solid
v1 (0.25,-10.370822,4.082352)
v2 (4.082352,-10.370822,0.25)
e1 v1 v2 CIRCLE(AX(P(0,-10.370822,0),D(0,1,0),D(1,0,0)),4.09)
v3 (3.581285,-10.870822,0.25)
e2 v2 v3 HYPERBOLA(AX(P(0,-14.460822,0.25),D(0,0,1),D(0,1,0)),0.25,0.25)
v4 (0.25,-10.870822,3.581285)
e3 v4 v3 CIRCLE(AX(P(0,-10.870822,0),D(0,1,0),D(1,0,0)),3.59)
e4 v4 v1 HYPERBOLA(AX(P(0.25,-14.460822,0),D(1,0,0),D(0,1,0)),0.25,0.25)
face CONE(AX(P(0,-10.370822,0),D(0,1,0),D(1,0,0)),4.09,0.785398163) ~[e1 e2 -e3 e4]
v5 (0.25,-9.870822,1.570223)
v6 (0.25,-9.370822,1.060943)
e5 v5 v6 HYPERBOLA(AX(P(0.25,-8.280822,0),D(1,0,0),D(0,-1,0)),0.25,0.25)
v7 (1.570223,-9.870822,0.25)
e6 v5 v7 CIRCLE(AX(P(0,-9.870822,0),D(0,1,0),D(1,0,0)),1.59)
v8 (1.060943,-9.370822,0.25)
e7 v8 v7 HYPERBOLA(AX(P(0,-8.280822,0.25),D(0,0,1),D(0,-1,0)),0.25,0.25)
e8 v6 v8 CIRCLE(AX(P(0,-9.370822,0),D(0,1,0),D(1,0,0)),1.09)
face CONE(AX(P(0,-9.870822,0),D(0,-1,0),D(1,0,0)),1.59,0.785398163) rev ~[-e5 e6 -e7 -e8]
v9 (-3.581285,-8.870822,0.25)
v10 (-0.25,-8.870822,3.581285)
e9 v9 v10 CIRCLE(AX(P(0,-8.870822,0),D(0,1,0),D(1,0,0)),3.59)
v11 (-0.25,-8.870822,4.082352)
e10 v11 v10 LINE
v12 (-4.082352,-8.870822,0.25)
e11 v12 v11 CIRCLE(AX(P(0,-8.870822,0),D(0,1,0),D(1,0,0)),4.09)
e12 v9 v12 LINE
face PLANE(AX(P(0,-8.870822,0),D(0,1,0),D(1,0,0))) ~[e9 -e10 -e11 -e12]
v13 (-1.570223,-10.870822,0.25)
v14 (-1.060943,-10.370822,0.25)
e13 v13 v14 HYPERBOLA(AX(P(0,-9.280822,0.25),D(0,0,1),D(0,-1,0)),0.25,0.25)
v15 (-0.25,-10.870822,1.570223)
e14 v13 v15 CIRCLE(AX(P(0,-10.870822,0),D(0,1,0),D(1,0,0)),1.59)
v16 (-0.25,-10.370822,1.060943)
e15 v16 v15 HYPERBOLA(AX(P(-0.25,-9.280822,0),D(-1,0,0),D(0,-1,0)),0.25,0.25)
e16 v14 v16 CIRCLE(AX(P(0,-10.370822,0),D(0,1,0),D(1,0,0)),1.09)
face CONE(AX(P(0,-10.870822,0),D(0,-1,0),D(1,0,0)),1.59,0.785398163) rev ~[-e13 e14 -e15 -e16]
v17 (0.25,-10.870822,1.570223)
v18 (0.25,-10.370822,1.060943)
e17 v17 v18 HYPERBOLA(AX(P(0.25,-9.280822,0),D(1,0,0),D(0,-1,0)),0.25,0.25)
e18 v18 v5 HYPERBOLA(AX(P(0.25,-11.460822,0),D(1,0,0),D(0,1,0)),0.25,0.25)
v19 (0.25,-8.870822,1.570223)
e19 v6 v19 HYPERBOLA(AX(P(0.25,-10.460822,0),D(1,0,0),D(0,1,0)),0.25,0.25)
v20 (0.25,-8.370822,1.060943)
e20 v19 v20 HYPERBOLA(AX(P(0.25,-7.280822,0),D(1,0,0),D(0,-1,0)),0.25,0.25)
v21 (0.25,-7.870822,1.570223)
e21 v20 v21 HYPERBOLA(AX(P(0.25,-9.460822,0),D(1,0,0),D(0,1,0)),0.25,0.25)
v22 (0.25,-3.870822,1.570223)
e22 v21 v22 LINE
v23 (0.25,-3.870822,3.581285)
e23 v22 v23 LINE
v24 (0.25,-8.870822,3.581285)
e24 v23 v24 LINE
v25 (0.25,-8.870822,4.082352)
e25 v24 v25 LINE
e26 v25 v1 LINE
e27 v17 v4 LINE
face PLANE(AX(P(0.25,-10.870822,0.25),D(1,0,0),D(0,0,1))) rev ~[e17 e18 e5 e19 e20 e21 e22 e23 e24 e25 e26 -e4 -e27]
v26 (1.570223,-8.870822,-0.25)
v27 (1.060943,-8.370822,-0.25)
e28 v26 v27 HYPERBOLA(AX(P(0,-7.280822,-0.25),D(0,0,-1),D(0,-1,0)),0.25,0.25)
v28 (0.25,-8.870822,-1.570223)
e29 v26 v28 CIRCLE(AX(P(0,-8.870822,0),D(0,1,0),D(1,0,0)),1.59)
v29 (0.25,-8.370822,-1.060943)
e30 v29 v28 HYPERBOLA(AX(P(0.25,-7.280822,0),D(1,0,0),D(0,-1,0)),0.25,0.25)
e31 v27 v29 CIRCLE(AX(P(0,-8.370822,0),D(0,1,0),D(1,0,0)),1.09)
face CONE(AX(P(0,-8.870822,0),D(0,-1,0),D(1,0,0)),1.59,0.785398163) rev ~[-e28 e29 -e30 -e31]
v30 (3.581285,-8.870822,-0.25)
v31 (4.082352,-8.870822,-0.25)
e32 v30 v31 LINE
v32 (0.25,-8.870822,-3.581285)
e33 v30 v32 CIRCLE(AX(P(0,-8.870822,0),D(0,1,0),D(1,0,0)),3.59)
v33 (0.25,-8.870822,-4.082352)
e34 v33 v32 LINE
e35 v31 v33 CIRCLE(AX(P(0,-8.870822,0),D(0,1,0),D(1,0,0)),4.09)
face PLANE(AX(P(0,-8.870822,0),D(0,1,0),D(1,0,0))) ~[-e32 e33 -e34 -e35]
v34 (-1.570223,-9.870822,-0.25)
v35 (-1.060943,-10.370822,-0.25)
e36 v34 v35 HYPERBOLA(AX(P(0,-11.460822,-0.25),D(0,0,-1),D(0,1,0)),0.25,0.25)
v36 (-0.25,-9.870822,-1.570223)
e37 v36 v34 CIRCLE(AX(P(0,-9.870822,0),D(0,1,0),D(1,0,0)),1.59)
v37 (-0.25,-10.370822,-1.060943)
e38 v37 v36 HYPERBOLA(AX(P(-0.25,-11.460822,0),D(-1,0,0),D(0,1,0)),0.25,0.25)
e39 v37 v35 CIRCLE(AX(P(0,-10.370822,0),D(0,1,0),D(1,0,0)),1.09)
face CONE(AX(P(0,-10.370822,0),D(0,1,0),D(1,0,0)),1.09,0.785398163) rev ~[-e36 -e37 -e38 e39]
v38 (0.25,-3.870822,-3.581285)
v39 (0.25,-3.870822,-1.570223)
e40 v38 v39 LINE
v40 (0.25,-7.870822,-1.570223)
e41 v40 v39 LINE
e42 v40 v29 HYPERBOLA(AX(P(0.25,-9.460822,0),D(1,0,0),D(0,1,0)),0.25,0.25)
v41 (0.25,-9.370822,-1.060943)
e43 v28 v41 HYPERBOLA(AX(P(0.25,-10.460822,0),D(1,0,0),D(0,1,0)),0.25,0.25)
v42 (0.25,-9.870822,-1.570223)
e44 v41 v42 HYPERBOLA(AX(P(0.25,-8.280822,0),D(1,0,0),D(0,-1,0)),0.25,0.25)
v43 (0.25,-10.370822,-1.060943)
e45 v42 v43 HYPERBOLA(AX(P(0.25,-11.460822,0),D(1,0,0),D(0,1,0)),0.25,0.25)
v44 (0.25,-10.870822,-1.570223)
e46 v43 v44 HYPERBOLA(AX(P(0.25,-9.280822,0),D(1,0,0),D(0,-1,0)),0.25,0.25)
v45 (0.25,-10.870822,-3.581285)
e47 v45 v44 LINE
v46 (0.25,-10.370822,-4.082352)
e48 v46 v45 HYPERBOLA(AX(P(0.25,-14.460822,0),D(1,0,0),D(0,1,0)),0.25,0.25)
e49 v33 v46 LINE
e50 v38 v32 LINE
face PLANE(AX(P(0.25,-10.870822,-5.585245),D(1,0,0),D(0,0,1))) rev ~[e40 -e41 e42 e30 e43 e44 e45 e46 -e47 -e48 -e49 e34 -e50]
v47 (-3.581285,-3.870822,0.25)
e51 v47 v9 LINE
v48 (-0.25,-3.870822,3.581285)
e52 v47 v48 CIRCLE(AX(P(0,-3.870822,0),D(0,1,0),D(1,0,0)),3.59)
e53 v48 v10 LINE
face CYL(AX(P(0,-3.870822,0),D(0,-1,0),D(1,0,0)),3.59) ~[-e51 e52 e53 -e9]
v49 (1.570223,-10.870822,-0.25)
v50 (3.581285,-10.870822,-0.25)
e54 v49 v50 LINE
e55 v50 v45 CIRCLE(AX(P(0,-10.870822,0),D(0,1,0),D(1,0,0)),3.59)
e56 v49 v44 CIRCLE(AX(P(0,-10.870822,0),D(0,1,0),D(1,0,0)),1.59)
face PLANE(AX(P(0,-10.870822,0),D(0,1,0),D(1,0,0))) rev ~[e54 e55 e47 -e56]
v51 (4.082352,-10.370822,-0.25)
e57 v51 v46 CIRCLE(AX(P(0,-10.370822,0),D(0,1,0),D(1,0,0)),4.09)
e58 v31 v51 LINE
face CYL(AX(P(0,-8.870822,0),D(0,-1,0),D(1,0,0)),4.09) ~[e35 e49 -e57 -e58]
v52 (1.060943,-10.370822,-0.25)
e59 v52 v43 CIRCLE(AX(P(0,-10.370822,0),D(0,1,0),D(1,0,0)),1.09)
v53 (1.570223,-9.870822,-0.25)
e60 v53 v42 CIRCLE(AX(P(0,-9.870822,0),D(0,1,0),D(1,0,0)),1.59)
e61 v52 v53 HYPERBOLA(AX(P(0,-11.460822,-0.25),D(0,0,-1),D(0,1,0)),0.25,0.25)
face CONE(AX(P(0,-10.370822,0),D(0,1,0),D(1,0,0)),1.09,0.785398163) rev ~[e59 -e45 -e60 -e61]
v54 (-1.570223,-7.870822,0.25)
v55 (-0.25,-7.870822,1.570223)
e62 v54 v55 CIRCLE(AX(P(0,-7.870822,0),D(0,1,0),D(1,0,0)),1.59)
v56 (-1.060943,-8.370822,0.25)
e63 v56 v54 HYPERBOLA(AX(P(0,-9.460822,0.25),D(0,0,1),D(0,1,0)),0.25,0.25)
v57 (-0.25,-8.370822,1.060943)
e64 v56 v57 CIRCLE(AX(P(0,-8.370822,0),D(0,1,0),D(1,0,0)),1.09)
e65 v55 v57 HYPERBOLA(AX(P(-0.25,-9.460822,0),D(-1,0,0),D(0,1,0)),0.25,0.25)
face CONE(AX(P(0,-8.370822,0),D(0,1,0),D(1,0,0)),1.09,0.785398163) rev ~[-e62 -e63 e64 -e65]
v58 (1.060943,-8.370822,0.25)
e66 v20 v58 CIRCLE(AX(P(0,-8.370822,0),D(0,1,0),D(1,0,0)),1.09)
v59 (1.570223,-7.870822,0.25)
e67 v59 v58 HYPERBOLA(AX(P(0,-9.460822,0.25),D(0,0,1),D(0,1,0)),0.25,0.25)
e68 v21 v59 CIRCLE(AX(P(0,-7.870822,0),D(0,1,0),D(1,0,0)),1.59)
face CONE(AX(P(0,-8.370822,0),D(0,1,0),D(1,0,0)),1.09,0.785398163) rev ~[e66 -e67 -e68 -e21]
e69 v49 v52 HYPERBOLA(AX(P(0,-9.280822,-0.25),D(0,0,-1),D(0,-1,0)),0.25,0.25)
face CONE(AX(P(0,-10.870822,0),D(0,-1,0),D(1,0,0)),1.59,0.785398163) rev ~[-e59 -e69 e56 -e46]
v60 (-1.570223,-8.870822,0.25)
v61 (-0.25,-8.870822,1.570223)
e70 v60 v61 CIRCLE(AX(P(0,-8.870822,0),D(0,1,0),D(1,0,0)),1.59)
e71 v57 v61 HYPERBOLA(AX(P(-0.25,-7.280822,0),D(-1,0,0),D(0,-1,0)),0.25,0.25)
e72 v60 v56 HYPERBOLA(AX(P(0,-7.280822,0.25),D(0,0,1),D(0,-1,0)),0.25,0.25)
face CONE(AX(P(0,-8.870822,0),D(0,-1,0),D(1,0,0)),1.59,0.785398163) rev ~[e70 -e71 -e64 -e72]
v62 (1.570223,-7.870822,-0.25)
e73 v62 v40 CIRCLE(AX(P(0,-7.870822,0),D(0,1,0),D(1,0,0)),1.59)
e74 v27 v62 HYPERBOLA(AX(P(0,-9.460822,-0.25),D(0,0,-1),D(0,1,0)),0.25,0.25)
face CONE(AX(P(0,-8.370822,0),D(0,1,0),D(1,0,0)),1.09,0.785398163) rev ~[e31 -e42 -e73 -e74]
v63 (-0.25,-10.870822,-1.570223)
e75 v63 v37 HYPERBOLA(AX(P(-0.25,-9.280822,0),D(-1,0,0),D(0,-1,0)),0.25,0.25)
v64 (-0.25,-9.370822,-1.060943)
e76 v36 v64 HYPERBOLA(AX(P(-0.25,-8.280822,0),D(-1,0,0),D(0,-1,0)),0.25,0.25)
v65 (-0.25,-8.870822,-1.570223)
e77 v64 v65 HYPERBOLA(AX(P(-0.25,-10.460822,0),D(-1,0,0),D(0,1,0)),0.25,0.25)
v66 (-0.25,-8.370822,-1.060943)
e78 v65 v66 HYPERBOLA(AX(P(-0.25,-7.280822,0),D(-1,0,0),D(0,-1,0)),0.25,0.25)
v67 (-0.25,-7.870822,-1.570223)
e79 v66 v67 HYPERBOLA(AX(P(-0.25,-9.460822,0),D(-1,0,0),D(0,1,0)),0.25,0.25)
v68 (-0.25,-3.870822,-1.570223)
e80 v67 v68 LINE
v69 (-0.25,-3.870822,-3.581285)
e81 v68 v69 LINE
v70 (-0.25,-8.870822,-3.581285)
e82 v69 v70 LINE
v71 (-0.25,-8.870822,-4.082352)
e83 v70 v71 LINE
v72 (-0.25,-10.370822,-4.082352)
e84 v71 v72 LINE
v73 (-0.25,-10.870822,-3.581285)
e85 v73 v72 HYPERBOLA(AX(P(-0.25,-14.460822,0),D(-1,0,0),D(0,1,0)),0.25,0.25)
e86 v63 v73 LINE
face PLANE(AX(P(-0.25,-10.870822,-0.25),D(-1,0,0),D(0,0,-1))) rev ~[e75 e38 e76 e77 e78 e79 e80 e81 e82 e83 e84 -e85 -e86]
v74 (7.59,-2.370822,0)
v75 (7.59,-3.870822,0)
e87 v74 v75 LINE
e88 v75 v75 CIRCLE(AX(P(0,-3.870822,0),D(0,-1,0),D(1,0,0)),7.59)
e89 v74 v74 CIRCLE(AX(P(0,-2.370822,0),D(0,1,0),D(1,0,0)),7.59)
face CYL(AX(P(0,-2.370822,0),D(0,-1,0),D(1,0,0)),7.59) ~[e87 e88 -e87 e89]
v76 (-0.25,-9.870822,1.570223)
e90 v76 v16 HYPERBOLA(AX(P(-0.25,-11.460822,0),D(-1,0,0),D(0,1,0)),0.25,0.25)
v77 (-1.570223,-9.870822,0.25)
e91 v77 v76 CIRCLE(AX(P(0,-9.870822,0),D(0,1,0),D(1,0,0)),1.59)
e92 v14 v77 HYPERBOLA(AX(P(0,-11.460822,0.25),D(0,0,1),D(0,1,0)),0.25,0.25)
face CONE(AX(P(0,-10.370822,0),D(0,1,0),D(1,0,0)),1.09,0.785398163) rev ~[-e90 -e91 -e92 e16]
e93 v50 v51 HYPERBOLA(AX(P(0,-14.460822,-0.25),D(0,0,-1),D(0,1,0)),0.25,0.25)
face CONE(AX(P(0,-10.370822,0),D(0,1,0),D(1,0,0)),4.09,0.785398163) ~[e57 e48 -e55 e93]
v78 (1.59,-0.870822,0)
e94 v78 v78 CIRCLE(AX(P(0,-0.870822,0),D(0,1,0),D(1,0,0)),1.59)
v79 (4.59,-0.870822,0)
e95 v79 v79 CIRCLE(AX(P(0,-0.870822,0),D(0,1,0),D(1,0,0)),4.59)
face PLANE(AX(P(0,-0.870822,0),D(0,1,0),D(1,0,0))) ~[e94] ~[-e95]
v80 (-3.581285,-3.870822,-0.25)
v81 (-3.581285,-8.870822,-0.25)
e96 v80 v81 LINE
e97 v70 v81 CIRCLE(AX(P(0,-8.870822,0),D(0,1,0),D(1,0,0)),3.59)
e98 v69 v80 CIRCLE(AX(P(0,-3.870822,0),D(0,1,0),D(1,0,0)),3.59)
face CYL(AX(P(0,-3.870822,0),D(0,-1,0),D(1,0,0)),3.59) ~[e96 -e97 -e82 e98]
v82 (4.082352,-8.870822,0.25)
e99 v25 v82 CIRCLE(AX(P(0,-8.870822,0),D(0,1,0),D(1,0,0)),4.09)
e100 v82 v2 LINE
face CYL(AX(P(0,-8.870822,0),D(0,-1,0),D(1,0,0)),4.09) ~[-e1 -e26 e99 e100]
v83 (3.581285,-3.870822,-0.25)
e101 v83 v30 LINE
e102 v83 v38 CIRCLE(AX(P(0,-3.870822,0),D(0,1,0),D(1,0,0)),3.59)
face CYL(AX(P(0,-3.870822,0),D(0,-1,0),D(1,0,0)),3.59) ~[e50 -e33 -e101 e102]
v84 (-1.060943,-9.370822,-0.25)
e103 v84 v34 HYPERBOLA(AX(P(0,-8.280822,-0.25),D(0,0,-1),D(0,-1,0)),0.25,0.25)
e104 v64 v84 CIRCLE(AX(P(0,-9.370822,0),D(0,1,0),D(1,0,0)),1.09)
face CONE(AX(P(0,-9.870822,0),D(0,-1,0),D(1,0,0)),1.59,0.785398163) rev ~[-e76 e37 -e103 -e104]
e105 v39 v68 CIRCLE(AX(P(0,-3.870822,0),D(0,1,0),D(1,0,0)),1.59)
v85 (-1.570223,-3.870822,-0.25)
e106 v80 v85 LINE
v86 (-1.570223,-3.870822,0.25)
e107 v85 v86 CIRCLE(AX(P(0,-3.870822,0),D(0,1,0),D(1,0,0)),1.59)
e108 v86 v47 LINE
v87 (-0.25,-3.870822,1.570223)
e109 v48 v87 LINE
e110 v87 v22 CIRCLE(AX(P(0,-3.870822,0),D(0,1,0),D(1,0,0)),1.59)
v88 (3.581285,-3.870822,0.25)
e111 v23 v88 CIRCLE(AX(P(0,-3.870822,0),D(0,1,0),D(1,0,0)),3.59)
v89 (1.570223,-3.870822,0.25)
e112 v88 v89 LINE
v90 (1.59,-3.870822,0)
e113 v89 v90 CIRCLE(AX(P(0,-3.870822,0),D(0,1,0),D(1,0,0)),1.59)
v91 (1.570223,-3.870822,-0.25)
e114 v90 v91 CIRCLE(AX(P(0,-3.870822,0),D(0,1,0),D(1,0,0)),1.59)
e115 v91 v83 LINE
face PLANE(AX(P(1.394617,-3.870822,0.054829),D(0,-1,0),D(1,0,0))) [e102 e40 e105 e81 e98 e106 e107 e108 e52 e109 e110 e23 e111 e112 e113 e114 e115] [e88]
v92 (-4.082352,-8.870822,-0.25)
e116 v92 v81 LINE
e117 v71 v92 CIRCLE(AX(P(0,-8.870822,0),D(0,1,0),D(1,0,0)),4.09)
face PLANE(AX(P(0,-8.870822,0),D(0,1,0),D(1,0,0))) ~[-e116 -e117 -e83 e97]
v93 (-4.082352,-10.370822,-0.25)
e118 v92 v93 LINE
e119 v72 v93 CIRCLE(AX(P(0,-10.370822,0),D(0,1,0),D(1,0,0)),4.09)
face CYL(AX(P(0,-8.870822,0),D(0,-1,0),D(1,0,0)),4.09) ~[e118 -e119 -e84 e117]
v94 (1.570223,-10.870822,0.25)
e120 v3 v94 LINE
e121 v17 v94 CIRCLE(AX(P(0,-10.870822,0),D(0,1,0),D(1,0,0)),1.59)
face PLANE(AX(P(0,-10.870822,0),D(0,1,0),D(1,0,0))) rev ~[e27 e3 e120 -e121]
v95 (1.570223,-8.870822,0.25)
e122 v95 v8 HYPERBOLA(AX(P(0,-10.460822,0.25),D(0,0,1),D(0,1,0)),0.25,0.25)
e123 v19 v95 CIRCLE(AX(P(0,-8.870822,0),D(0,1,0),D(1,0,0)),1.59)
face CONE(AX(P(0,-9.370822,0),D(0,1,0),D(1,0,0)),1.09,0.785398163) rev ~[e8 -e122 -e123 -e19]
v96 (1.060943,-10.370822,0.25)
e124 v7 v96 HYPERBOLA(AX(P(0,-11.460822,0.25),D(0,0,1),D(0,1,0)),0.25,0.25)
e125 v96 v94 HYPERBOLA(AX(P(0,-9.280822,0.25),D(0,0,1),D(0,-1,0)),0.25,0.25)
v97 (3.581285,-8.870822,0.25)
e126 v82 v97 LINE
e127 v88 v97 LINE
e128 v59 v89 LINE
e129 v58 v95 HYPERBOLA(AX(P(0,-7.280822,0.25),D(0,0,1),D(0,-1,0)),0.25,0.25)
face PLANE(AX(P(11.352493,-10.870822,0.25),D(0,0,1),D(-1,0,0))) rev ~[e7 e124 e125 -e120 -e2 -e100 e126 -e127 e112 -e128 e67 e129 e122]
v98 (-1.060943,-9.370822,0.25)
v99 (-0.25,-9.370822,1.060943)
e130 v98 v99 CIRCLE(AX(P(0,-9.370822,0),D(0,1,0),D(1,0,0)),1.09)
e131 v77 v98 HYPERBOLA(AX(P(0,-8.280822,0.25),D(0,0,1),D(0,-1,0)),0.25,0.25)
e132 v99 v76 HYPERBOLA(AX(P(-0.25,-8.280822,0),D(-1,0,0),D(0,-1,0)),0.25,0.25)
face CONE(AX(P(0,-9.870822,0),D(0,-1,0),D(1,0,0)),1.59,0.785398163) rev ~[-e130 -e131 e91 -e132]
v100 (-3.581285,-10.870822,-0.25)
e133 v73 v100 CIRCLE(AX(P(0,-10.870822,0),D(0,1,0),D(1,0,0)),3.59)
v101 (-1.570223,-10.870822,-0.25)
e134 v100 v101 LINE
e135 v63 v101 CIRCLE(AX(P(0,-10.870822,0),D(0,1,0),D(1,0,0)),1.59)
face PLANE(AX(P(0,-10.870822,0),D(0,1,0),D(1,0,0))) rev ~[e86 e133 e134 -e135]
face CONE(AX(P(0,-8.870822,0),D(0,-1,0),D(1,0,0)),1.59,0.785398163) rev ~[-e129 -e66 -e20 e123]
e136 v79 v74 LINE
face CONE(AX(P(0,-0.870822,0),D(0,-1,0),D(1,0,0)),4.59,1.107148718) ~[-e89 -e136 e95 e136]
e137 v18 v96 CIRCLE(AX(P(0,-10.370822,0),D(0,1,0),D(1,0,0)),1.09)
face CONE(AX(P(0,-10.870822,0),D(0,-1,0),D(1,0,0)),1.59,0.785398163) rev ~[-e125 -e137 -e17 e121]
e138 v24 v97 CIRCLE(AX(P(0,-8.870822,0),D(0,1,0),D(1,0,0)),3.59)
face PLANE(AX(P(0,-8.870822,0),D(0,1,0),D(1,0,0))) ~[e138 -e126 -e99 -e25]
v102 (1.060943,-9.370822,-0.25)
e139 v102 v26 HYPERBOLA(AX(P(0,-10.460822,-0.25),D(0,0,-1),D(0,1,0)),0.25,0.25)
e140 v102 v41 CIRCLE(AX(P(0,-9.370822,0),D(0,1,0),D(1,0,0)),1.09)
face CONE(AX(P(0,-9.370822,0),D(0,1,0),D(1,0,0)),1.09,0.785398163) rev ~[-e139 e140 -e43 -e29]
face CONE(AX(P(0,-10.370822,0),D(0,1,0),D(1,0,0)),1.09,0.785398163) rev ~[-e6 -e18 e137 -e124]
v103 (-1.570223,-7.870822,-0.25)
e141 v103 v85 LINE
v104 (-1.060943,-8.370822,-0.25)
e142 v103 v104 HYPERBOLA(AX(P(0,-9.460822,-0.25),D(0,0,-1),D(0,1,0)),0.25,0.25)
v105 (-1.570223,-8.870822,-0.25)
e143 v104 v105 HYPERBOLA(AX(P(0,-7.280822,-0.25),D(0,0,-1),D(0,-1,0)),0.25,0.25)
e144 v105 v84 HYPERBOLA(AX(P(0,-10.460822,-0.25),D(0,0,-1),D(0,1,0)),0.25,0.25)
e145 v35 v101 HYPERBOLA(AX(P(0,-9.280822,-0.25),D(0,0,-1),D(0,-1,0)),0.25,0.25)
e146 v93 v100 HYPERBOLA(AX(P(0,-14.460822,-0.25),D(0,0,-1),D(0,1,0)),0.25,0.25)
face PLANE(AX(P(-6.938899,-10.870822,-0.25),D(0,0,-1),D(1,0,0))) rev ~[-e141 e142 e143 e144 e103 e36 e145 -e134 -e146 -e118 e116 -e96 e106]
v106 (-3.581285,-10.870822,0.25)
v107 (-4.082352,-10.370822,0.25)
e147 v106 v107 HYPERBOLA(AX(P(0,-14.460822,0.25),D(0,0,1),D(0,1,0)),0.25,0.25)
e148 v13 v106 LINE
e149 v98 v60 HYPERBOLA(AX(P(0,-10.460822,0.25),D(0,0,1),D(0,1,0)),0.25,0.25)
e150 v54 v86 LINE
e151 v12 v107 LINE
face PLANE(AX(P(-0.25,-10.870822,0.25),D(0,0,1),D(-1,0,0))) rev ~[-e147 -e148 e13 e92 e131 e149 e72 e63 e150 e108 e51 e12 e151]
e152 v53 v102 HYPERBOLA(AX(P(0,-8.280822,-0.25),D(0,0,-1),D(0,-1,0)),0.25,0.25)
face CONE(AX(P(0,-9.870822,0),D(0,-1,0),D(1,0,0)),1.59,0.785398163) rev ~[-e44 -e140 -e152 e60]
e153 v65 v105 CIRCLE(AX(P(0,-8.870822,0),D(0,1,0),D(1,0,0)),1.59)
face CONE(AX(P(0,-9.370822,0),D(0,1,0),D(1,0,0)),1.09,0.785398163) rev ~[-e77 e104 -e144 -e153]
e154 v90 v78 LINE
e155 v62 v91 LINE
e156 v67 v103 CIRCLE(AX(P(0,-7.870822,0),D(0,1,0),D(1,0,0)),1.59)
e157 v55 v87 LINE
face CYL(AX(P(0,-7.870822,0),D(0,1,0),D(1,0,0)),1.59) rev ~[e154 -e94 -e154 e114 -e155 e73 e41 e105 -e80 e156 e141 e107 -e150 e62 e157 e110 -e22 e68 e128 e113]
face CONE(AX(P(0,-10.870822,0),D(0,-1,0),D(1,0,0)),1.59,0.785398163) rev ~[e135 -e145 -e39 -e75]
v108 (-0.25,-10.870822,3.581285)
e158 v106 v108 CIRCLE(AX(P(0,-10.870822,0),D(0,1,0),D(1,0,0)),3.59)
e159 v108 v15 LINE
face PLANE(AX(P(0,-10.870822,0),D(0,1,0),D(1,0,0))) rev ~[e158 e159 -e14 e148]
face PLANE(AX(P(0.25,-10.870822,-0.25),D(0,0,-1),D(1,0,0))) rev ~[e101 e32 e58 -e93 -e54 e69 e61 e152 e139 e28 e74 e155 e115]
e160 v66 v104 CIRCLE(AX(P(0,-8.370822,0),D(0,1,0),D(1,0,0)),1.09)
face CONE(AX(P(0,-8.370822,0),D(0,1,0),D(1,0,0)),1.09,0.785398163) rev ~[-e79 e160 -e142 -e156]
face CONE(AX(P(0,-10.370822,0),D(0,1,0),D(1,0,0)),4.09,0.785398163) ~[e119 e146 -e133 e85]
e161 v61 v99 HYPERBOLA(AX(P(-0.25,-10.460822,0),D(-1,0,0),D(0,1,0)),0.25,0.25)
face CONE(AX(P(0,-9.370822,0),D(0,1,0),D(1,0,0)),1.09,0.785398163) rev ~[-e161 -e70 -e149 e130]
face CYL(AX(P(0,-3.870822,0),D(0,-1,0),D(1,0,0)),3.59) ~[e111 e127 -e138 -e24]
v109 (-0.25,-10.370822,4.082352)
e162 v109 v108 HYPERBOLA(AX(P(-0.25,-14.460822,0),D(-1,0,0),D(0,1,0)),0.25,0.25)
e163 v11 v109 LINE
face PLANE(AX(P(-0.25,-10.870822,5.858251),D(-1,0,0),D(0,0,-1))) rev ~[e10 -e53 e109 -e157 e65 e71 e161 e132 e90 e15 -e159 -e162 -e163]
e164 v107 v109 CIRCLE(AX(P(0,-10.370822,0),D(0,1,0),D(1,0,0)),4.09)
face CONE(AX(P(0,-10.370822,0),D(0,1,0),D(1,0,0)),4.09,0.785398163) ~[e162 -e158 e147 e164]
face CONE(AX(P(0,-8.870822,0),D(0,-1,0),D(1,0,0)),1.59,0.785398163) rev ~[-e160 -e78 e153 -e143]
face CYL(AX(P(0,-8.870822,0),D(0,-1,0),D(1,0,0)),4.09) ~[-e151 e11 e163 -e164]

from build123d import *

# Parameters (mm, degrees)
ENL_V_MAT_EXTRU_2_DEPTH = 7


with BuildPart() as part:
    # Esquisse1 → Révolution1 (revolve)
    with BuildSketch(Plane.XY):
        Polygon((1.59, -0.870821866), (4.59, -0.870821866), (7.59, -2.370821866), (7.59, -3.870821866), (3.59, -3.870821866), (3.59, -8.870821866), (4.09, -8.870821866), (4.09, -10.370821866), (3.59, -10.870821866), (1.59, -10.870821866), (1.09, -10.370821866), (1.59, -9.870821866), (1.09, -9.370821866), (1.59, -8.870821866), (1.09, -8.370821866), (1.59, -7.870821866), align=None)
    revolve(axis=Axis((0, 0, 0), (0, 1, 0)))

    # Esquisse4 → Enlèv. mat.-Extru.2 (cut)
    with BuildSketch(Plane.XZ.offset(10.870821866)):
        Polygon((-0.25, 0.25), (-6.93889881, 0.25), (-6.93889881, -0.25), (-0.25, -0.25), (-0.25, -5.58524478), (0.25, -5.58524478), (0.25, -0.25), (11.352493463, -0.25), (11.352493463, 0.25), (0.25, 0.25), (0.25, 5.858250635), (-0.25, 5.858250635), align=None)
    extrude(amount=-ENL_V_MAT_EXTRU_2_DEPTH, mode=Mode.SUBTRACT)


solid = part.part
